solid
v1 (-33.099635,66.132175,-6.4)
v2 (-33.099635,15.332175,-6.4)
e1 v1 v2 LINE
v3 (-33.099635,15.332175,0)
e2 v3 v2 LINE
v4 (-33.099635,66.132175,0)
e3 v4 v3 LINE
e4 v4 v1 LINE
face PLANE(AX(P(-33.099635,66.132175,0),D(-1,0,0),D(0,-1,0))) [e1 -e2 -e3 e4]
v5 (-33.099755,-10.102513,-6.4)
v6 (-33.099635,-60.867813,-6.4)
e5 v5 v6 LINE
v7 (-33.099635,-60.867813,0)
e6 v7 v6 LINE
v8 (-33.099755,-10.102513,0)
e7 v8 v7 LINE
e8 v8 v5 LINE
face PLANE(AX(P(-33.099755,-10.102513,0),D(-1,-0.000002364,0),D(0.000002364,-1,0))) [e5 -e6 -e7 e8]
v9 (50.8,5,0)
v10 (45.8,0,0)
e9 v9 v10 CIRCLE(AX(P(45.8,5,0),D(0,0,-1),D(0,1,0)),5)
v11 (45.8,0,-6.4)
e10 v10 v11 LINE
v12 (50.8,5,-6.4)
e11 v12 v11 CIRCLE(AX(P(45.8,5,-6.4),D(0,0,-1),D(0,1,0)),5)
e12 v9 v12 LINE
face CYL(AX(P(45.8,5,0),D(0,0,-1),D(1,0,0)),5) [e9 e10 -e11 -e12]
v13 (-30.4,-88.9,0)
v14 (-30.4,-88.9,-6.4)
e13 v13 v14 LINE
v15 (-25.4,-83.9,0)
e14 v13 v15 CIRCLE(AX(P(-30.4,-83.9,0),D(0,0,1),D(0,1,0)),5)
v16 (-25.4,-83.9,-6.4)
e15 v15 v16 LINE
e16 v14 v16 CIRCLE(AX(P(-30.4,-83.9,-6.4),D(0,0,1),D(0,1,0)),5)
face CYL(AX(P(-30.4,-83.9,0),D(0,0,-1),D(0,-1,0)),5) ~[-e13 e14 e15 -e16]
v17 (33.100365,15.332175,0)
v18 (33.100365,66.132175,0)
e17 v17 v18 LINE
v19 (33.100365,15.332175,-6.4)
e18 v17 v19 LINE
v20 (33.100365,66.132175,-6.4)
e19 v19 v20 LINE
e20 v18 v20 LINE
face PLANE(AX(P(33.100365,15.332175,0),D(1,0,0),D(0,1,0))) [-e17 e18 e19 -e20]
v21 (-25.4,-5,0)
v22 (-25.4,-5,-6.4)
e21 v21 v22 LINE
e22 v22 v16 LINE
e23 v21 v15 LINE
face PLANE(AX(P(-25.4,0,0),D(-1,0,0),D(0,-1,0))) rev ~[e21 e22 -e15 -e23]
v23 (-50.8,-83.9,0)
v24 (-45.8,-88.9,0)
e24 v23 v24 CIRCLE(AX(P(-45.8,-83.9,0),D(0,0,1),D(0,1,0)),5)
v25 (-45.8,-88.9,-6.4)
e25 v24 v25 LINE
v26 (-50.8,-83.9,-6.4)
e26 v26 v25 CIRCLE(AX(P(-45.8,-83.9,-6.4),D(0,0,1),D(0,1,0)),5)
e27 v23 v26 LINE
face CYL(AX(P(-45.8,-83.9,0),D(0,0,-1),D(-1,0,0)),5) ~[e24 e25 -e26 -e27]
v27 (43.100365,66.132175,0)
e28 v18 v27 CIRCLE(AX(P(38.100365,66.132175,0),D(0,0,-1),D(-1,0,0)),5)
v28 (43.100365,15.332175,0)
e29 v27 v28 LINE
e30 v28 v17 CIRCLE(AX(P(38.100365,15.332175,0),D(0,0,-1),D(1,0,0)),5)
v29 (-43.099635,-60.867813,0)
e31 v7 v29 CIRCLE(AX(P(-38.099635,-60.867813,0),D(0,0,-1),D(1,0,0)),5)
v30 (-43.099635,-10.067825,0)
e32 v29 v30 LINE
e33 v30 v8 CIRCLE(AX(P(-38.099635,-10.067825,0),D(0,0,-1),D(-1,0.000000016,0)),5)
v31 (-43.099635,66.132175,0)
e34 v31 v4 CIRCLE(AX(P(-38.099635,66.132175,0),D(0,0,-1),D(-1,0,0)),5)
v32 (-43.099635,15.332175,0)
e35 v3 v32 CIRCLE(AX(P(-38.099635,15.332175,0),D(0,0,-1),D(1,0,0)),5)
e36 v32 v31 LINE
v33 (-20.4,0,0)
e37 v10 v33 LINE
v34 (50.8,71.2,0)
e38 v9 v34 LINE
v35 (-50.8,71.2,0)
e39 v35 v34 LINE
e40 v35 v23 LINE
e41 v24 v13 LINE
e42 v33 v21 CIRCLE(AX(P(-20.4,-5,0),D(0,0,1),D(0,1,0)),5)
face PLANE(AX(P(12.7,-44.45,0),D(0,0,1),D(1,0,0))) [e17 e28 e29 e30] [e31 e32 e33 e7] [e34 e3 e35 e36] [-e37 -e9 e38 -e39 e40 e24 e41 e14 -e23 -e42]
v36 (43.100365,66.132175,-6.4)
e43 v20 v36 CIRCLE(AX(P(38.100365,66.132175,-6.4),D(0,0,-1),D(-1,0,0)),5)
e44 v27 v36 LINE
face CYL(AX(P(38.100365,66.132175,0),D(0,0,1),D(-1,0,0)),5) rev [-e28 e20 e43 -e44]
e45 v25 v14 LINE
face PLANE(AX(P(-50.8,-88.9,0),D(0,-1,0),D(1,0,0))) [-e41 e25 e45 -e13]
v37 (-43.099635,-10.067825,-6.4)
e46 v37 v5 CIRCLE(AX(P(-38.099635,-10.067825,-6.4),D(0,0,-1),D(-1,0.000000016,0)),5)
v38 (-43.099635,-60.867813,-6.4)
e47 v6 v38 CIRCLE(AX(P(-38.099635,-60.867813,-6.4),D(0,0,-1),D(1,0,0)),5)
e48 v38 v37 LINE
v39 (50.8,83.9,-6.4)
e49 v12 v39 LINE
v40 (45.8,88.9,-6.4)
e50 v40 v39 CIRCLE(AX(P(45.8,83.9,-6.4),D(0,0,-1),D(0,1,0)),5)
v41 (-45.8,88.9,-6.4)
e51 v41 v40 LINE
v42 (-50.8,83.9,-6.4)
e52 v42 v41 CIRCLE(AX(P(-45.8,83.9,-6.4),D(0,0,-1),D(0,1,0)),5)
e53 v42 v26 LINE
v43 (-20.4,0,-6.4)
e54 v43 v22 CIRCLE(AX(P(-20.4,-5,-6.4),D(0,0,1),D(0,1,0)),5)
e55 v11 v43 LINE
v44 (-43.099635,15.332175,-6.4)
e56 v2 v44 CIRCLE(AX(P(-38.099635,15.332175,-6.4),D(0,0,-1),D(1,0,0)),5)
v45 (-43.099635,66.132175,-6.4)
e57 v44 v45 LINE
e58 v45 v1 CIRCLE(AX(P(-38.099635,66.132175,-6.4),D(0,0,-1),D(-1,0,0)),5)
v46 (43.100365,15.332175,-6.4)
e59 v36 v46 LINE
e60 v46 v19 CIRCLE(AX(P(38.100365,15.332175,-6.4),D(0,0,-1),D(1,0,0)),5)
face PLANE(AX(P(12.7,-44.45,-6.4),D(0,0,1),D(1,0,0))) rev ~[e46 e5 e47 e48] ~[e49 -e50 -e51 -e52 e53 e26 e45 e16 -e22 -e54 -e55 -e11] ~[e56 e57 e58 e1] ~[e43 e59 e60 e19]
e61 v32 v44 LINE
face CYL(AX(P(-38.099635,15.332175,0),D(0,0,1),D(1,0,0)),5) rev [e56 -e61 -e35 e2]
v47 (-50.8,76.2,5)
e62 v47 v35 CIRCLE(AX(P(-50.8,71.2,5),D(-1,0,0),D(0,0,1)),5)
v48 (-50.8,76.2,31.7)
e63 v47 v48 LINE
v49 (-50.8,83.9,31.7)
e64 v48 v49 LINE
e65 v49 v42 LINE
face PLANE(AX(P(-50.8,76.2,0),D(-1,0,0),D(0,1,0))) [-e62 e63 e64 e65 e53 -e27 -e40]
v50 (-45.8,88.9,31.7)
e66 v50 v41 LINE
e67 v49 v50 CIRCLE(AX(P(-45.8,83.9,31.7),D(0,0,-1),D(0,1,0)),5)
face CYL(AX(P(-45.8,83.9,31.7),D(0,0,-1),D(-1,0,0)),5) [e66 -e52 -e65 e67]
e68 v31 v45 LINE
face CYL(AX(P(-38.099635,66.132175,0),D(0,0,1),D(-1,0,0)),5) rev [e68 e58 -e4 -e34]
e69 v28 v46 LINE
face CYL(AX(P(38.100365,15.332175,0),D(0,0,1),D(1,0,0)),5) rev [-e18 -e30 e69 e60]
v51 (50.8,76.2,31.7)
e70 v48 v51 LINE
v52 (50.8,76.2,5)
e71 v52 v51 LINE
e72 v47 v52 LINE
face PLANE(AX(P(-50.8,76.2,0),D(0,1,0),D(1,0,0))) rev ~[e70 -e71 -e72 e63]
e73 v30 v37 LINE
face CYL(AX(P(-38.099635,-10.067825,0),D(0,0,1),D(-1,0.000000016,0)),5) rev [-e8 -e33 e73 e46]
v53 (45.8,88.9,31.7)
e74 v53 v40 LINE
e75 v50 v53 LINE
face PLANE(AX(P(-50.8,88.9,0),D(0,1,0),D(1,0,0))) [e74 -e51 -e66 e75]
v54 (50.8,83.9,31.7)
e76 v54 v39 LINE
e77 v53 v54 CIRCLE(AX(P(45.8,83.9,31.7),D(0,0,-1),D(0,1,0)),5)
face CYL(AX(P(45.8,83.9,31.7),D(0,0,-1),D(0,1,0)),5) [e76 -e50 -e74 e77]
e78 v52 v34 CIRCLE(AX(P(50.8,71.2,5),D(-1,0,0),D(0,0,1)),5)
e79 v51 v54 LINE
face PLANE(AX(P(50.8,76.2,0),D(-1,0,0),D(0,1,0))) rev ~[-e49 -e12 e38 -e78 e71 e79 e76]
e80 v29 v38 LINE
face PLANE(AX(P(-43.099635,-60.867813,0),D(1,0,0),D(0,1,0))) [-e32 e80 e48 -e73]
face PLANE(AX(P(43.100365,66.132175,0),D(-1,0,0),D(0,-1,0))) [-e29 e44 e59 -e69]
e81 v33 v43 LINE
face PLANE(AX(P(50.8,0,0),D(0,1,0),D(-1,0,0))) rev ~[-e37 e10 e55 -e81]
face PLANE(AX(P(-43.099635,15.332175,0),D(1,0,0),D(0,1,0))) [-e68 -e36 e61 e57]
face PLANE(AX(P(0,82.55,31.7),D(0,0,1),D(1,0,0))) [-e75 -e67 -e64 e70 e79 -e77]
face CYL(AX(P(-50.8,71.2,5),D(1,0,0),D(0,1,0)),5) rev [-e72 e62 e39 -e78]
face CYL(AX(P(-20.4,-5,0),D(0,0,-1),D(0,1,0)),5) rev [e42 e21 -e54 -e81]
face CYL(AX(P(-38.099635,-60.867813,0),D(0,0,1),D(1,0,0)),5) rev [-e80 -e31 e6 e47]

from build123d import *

# Parameters (mm, degrees)
F0_W     = 101.6
F0_H     = 12.7
F1_DEPTH = 6.4
F2_DEPTH = 31.7
F3_DEPTH = 6.4
F4_R     = 5


with BuildPart() as f1:
    # F0 (on Top) → F1 (new body)
    with BuildSketch(Plane.XY):
        Polygon((-25.4, -88.9), (50.8, -88.9), (50.8, -10.749764), (50.8, 0), (-25.4, 0), align=None)
        with BuildLine():
            ThreePointArc((33.332847, -10.749764), (38.332847, -5.749764), (43.332847, -10.749764))
            Line((43.332847, -10.749764), (43.332847, -61.549764))
            ThreePointArc((43.332847, -61.549764), (38.332847, -66.549764), (33.332847, -61.549764))
            Line((33.332847, -61.549764), (33.332847, -10.749764))
        make_face(mode=Mode.SUBTRACT)
        Polygon((-50.8, -88.9), (-25.4, -88.9), (-25.4, 0), (50.8, 0), (50.8, 76.2), (-50.8, 76.2), (-50.8, -10.067825), align=None)
        with BuildLine():
            Line((-43.099635, -60.867813), (-43.099635, -10.067825))
            ThreePointArc((-43.099635, -10.067825), (-38.08229, -5.067855), (-33.099755, -10.102513))
            Line((-33.099755, -10.102513), (-33.099635, -60.867813))
            ThreePointArc((-33.099635, -60.867813), (-38.099635, -65.867813), (-43.099635, -60.867813))
        make_face(mode=Mode.SUBTRACT)
        with BuildLine():
            Line((-33.099635, 66.132175), (-33.099635, 15.332175))
            ThreePointArc((-33.099635, 15.332175), (-38.099635, 10.332175), (-43.099635, 15.332175))
            Line((-43.099635, 15.332175), (-43.099635, 66.132175))
            ThreePointArc((-43.099635, 66.132175), (-38.099635, 71.132175), (-33.099635, 66.132175))
        make_face(mode=Mode.SUBTRACT)
        with BuildLine():
            Line((43.100365, 66.132175), (43.100365, 15.332175))
            ThreePointArc((43.100365, 15.332175), (38.100365, 10.332175), (33.100365, 15.332175))
            Line((33.100365, 15.332175), (33.100365, 66.132175))
            ThreePointArc((33.100365, 66.132175), (38.100365, 71.132175), (43.100365, 66.132175))
        make_face(mode=Mode.SUBTRACT)
        with Locations((0, 82.55)):
            Rectangle(F0_W, F0_H)
    extrude(amount=-F1_DEPTH)

    # F0 (on Top) → F2 (join)
    with BuildSketch(Plane.XY):
        with Locations((0, 82.55)):
            Rectangle(F0_W, F0_H)
    extrude(amount=F2_DEPTH)

    # F0 (on Top) → F3 (cut)
    with BuildSketch(Plane.XY):
        Polygon((-25.4, -88.9), (50.8, -88.9), (50.8, -10.749764), (50.8, 0), (-25.4, 0), align=None)
        with BuildLine():
            ThreePointArc((33.332847, -10.749764), (38.332847, -5.749764), (43.332847, -10.749764))
            Line((43.332847, -10.749764), (43.332847, -61.549764))
            ThreePointArc((43.332847, -61.549764), (38.332847, -66.549764), (33.332847, -61.549764))
            Line((33.332847, -61.549764), (33.332847, -10.749764))
        make_face(mode=Mode.SUBTRACT)
    extrude(amount=-F3_DEPTH, mode=Mode.SUBTRACT)

    # F4
    f4_edges = [f1.edges().sort_by_distance(p)[0] for p in [
        (0, 76.2, 0),
        (50.8, 88.9, 12.65),
        (-50.8, 88.9, 12.65),
        (50.8, 0, -3.2),
        (-25.4, 0, -3.2),
        (-25.4, -88.9, -3.2),
        (-50.8, -88.9, -3.2),
    ]]
    fillet(f4_edges, radius=F4_R)


solid = f1.part
